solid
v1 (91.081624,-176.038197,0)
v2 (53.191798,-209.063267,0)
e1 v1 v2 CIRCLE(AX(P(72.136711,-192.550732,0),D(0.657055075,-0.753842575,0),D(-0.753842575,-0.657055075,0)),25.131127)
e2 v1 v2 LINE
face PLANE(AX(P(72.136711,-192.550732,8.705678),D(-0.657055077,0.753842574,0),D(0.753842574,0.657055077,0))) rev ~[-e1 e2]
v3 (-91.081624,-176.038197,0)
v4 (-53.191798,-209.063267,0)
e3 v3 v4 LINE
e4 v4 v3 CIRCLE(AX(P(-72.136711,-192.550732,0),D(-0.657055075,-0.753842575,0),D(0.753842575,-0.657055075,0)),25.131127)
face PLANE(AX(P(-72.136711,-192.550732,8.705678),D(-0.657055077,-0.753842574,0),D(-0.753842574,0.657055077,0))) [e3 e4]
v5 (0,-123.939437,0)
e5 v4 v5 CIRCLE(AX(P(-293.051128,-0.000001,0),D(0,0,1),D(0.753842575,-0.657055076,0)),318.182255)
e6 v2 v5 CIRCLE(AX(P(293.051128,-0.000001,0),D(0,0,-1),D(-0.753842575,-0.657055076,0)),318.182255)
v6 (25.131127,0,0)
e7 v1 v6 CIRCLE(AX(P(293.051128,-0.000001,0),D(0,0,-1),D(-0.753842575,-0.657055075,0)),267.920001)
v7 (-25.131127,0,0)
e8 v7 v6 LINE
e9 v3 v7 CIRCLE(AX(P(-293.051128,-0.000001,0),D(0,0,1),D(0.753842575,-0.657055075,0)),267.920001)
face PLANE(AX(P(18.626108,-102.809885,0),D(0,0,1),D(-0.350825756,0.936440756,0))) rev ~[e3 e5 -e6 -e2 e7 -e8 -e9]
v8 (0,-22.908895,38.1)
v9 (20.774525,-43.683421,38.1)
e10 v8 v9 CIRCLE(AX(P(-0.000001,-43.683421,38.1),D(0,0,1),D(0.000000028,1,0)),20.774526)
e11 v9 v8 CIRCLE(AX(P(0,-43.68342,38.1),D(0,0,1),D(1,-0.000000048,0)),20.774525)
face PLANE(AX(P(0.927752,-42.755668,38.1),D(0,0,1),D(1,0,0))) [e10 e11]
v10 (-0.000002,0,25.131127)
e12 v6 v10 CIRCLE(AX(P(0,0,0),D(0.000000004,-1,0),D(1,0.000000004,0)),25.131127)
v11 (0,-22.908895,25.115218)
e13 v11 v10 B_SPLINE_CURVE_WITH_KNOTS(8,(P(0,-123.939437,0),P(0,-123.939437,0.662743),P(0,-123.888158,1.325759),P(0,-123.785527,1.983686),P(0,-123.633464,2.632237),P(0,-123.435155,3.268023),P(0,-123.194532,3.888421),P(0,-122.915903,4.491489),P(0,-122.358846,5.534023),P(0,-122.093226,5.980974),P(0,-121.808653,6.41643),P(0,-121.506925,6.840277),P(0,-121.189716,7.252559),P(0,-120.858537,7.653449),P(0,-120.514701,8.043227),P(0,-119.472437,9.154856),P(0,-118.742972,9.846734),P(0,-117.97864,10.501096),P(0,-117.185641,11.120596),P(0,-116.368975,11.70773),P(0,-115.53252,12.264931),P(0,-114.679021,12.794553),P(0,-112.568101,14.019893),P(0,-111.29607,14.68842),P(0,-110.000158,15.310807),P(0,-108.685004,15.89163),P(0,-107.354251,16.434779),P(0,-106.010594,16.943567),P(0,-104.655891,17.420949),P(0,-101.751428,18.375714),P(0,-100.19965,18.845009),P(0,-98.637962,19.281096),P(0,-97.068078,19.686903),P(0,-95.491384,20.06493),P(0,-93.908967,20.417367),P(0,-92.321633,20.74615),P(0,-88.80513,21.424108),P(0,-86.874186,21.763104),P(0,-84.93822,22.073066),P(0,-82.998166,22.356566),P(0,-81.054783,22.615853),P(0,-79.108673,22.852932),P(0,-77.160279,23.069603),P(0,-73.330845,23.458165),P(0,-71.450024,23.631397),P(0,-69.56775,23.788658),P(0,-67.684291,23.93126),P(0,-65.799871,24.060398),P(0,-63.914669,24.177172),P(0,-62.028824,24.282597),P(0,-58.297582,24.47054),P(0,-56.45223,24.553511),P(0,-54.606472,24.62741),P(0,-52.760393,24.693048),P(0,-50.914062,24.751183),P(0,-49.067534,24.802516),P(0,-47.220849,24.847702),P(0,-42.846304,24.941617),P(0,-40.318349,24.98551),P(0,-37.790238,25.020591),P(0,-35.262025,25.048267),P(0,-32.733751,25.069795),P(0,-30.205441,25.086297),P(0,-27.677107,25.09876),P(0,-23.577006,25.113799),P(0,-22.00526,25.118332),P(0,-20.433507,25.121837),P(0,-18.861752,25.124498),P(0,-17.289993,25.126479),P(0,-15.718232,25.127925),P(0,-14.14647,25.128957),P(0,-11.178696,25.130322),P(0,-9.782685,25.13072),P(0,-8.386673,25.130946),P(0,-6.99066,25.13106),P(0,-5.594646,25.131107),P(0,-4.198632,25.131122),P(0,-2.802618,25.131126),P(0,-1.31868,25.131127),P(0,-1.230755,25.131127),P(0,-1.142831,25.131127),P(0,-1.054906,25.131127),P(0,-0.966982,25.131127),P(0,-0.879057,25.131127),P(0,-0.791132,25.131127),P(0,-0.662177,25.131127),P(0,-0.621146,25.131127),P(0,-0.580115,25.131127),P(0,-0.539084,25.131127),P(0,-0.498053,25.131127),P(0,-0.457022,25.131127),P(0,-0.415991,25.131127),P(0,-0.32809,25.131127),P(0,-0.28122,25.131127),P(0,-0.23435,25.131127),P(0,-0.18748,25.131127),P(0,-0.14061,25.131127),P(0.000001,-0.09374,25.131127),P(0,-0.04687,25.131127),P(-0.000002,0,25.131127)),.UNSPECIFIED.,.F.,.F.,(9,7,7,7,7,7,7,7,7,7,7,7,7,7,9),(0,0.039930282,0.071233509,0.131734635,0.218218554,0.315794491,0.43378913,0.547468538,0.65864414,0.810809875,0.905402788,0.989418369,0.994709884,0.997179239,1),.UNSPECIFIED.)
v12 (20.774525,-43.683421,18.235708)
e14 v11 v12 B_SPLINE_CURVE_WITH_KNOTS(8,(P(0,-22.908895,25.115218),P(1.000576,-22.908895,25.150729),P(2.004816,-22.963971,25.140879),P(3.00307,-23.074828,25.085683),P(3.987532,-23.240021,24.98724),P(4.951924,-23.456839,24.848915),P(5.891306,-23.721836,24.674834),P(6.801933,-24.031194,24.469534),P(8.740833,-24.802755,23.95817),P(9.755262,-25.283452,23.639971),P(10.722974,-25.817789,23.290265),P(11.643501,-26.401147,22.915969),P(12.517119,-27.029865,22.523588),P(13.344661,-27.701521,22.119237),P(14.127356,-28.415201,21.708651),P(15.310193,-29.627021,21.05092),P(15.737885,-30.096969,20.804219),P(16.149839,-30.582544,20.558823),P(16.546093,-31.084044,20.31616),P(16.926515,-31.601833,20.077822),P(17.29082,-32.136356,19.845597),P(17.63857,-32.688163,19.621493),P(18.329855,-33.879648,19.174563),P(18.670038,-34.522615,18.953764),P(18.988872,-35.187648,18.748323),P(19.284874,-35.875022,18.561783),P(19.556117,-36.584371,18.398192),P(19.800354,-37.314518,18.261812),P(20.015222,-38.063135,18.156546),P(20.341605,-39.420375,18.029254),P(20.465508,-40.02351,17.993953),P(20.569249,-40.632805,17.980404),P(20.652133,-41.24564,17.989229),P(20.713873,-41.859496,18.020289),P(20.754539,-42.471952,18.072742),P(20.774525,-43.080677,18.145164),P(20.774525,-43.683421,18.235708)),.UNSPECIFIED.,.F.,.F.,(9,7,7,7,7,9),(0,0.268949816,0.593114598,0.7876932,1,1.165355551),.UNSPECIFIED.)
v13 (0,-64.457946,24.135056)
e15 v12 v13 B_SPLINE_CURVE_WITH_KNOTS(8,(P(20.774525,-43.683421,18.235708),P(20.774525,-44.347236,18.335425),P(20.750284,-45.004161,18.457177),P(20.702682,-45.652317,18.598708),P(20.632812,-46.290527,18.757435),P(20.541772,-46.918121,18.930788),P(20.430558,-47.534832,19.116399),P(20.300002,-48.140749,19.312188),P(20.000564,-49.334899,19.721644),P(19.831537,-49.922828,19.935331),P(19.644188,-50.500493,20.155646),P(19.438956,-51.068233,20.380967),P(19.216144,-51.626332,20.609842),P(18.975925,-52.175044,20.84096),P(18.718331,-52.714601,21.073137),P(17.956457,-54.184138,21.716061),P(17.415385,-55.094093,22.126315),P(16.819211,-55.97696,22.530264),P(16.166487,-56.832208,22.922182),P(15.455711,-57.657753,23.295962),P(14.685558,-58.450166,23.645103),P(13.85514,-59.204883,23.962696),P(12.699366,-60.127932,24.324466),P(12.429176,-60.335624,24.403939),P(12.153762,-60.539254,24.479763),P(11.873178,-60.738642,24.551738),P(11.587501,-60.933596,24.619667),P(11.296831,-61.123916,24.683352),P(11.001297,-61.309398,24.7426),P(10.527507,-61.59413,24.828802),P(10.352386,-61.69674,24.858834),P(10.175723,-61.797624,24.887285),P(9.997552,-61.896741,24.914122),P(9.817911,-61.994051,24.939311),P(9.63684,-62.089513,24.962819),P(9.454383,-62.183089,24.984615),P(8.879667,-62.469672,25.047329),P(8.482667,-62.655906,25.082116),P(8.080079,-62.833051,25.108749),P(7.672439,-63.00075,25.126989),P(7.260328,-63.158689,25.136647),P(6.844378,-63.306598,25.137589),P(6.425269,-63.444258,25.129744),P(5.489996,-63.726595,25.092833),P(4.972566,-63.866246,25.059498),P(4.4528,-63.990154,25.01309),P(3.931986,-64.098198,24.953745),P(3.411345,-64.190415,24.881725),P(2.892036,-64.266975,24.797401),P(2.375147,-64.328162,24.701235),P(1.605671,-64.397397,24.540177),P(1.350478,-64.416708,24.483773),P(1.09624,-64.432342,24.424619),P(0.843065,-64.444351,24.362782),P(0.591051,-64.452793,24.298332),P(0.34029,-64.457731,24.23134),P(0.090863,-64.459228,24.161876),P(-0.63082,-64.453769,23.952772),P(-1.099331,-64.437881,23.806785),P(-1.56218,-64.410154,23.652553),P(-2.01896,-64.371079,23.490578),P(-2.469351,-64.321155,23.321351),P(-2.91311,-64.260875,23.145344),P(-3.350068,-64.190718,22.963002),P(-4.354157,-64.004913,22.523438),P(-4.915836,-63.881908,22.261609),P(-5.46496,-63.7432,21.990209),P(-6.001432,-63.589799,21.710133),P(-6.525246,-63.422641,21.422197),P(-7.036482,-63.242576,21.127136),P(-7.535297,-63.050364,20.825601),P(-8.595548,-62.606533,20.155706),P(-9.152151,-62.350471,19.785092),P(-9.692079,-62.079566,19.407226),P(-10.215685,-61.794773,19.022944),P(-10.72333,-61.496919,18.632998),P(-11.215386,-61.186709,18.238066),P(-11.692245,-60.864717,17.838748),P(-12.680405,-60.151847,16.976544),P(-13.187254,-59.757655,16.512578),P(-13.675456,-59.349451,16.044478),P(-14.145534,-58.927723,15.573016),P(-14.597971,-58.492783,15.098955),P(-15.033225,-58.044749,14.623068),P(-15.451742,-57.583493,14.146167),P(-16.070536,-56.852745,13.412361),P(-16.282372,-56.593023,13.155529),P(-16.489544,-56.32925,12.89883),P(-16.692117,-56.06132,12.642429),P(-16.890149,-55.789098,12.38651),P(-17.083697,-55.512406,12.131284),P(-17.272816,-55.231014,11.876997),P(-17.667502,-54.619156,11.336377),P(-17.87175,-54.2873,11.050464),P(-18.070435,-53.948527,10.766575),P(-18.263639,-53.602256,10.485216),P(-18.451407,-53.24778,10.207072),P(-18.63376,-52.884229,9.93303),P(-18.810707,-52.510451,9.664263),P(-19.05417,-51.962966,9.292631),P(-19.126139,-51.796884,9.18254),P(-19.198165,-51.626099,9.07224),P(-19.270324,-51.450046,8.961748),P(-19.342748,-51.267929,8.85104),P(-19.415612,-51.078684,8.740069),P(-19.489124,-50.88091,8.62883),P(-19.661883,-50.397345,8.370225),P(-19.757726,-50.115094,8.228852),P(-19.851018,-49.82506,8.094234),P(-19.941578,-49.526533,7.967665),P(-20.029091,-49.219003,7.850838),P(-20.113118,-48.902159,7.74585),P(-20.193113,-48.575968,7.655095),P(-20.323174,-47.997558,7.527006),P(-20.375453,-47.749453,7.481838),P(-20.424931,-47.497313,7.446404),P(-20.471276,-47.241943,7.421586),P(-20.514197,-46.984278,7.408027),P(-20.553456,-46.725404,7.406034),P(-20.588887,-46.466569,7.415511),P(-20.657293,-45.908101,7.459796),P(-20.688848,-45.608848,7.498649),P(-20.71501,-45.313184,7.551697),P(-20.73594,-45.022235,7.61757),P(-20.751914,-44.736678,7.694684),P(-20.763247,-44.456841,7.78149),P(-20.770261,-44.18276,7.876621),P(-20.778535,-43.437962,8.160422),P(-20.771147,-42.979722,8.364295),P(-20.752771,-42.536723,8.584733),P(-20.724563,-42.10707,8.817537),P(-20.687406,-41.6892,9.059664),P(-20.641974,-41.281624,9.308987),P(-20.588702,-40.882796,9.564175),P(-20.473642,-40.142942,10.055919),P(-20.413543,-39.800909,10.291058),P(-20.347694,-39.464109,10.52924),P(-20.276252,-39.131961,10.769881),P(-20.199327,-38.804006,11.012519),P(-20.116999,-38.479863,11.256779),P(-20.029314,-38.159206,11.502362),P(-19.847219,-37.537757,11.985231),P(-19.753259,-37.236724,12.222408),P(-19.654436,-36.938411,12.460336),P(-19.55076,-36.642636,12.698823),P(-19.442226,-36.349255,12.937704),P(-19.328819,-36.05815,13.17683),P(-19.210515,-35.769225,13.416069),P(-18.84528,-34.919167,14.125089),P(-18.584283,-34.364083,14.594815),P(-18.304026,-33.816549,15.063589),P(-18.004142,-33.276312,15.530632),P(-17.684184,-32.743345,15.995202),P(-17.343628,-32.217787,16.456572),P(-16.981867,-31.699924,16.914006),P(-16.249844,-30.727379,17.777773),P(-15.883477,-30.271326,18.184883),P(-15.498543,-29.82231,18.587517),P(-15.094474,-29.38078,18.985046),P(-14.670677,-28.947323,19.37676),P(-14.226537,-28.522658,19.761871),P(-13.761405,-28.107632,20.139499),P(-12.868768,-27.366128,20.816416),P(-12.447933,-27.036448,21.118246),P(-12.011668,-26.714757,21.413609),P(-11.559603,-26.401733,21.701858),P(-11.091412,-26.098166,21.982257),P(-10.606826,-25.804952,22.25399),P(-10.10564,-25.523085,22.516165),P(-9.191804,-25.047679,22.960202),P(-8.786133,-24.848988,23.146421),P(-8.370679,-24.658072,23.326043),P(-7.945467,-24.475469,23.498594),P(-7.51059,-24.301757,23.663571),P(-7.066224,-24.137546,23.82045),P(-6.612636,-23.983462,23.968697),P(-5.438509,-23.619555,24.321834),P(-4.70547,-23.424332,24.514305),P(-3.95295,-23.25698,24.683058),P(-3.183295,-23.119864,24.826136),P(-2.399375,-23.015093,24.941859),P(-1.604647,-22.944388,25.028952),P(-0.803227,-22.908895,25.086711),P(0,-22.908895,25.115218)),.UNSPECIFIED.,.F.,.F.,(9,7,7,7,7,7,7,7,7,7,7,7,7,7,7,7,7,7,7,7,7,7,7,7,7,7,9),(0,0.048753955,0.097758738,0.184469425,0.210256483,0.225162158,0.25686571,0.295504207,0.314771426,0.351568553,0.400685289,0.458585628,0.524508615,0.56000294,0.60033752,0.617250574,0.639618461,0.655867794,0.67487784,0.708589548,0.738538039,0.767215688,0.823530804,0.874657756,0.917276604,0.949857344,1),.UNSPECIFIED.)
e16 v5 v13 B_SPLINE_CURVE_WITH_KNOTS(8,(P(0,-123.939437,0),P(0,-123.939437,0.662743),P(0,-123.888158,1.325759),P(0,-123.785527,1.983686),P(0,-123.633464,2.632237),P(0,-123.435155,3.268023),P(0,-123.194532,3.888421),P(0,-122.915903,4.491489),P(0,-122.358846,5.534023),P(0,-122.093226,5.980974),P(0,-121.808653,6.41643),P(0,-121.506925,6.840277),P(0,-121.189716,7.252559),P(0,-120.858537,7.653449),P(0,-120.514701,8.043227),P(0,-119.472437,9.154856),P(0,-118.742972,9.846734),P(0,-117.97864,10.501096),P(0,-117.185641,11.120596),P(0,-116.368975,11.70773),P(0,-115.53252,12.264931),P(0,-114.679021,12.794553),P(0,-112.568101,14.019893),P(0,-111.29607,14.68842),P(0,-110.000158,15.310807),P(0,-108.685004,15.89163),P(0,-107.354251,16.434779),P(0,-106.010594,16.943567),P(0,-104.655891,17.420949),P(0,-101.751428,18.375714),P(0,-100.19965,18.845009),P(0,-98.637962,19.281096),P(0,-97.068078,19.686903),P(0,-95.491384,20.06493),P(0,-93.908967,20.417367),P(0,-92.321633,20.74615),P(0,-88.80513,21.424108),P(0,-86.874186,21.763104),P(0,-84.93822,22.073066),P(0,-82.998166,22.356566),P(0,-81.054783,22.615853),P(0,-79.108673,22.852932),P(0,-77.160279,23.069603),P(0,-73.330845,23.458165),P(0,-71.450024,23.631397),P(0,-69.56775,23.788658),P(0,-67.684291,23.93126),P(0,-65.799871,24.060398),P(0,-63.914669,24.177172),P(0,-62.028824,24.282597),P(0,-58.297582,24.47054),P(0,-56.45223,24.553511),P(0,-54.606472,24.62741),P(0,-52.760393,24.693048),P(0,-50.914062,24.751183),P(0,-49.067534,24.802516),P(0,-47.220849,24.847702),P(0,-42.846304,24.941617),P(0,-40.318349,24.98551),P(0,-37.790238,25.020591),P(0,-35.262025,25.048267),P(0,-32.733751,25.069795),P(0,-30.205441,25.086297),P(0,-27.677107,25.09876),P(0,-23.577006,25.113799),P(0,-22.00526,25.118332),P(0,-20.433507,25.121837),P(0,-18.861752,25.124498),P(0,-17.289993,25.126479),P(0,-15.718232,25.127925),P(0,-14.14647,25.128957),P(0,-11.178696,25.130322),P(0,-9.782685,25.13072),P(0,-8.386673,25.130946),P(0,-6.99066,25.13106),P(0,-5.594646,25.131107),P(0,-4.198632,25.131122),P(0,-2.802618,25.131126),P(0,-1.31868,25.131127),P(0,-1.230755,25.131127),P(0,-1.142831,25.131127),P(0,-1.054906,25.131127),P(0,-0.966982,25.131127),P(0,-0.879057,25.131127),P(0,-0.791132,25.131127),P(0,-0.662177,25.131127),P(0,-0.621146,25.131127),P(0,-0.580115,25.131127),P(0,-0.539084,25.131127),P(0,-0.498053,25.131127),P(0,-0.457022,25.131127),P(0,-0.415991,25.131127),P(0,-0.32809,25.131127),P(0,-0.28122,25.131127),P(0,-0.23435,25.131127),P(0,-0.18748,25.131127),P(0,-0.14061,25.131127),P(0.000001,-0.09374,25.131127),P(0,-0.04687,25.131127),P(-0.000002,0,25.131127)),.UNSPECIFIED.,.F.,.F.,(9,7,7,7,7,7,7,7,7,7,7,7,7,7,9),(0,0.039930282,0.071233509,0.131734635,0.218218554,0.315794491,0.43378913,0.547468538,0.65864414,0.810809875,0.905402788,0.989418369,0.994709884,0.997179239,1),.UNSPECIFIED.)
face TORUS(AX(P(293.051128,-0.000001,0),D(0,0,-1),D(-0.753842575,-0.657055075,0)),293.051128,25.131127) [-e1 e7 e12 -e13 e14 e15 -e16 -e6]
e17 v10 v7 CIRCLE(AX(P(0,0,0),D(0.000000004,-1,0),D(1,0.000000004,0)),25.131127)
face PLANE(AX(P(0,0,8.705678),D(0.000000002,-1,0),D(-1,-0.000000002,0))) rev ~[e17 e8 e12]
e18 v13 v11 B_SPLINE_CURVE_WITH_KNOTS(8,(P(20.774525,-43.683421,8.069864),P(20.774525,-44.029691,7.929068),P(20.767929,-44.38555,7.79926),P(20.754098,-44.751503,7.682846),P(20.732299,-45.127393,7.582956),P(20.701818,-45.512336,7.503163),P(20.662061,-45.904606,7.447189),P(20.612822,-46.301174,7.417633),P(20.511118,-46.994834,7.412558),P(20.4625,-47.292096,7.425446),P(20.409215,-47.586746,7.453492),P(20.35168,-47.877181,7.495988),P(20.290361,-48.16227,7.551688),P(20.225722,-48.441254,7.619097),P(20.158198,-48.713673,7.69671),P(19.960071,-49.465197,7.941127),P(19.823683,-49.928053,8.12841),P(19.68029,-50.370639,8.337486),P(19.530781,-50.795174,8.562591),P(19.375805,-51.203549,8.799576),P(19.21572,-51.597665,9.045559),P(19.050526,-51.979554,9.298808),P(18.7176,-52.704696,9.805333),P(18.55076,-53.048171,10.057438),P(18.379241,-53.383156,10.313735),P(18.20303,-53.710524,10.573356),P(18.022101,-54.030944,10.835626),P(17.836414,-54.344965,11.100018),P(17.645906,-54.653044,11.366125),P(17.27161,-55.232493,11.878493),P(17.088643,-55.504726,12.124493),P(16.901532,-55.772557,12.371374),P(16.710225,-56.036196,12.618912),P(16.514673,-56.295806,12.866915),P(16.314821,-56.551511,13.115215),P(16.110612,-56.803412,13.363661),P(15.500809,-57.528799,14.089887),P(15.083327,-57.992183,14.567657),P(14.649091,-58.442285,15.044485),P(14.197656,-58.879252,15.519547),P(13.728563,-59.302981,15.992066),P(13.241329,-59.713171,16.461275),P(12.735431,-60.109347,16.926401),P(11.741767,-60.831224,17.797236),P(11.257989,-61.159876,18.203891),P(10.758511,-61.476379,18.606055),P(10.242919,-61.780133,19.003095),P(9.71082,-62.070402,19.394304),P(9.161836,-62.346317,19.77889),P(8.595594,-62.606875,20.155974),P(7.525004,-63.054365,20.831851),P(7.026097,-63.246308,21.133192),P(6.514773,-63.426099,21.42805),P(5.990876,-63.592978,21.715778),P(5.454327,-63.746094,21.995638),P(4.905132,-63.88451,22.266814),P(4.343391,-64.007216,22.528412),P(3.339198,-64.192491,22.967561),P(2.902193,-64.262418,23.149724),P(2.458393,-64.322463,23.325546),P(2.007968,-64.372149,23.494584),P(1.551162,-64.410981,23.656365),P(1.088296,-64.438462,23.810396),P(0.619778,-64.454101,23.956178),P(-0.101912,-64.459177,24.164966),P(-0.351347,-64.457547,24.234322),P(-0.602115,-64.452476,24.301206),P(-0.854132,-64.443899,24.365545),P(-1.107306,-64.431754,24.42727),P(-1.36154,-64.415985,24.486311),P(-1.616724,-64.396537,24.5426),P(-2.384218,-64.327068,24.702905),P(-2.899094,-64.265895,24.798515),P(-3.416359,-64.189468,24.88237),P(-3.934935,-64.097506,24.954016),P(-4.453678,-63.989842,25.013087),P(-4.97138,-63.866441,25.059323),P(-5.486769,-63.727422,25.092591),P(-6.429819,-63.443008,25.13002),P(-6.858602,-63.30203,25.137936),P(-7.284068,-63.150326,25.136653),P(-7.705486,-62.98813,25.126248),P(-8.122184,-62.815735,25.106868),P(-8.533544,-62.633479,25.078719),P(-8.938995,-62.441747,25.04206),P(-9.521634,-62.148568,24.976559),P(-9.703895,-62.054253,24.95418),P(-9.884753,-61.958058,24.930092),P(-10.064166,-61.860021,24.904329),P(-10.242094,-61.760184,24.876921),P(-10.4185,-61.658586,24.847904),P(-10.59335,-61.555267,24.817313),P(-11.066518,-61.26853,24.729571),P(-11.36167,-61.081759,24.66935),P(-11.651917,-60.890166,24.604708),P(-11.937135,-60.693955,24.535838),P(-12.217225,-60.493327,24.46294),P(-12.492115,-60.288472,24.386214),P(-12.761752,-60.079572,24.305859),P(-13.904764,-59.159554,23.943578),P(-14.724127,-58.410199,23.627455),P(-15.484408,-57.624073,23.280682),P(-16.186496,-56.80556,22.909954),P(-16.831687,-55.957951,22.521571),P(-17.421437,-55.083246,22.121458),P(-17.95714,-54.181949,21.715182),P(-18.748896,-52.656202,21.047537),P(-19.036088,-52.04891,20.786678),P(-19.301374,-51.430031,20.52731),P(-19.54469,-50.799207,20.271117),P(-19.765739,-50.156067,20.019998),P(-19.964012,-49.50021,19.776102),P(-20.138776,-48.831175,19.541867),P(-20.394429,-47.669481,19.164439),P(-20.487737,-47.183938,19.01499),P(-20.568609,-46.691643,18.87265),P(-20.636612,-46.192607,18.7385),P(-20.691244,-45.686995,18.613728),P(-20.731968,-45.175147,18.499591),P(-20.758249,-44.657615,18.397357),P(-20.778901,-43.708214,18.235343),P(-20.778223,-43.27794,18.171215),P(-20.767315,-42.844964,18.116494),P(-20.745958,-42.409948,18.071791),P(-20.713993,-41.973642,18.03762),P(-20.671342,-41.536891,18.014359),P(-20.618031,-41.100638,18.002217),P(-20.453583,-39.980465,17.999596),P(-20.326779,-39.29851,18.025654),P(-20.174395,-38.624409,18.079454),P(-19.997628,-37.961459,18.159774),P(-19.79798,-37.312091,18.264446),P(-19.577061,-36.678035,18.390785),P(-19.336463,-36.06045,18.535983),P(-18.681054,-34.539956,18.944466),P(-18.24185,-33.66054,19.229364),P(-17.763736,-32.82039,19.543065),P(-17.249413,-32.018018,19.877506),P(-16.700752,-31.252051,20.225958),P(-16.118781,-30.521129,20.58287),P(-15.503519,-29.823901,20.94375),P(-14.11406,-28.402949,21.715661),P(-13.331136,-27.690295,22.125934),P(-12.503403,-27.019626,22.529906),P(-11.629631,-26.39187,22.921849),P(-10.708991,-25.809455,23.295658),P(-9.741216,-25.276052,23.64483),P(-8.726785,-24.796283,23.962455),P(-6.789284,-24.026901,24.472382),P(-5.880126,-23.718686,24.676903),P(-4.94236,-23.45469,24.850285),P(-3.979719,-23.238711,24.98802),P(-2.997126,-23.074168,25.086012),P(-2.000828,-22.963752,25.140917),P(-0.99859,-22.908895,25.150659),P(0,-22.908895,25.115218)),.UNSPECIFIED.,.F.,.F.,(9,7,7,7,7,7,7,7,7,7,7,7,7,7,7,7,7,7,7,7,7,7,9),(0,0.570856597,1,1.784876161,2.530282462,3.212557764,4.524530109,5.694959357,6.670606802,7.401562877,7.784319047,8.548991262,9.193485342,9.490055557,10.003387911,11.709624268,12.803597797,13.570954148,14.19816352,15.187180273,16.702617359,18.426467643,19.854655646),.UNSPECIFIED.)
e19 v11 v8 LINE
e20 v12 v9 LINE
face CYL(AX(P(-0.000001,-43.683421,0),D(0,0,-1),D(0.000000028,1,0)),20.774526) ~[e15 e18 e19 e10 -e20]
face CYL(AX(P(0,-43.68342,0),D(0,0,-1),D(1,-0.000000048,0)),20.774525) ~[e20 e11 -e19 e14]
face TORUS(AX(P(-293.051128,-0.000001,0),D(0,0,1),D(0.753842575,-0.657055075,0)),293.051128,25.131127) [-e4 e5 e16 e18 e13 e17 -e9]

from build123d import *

# Parameters (mm, degrees)
F1_DEPTH = 38.1


with BuildPart() as f1:
    # F0 (on Top) → F1 (new body)
    with BuildSketch(Plane.XY):
        with BuildLine():
            ThreePointArc((0, -22.908895), (-14.689808, -58.373229), (20.774525, -43.683421))
            ThreePointArc((20.774525, -43.683421), (14.689808, -28.993613), (0, -22.908895))
        make_face()
    extrude(amount=F1_DEPTH)

    # F4: sweep along a path in F2
    with BuildLine(Plane.XY) as f4_path:
        ThreePointArc((-72.136711, -192.550732), (-18.626108, -102.809884), (0, 0))
    # F3 (on Front) → F4 (sweep)
    with BuildSketch(Plane.XZ):
        with BuildLine():
            Line((-25.131127, 0), (25.131127, 0))
            ThreePointArc((25.131127, 0), (0, 25.131127), (-25.131127, 0))
        make_face()
    sweep(path=f4_path.line)

    # F5: sweep along a path in F2
    with BuildLine(Plane.XY) as f5_path:
        ThreePointArc((72.136711, -192.550732), (18.626108, -102.809884), (0, 0))
    # F4_face (on face) → F5 (sweep)
    with BuildSketch(Plane(origin=(0, 0, 10.665982), x_dir=(-1, 0, 0), z_dir=(0, 1, 0))):
        with BuildLine():
            Line((-25.131127, -10.665982), (25.131127, -10.665982))
            ThreePointArc((25.131127, -10.665982), (0, 14.465145), (-25.131127, -10.665982))
        make_face()
    sweep(path=f5_path.line)


solid = f1.part
